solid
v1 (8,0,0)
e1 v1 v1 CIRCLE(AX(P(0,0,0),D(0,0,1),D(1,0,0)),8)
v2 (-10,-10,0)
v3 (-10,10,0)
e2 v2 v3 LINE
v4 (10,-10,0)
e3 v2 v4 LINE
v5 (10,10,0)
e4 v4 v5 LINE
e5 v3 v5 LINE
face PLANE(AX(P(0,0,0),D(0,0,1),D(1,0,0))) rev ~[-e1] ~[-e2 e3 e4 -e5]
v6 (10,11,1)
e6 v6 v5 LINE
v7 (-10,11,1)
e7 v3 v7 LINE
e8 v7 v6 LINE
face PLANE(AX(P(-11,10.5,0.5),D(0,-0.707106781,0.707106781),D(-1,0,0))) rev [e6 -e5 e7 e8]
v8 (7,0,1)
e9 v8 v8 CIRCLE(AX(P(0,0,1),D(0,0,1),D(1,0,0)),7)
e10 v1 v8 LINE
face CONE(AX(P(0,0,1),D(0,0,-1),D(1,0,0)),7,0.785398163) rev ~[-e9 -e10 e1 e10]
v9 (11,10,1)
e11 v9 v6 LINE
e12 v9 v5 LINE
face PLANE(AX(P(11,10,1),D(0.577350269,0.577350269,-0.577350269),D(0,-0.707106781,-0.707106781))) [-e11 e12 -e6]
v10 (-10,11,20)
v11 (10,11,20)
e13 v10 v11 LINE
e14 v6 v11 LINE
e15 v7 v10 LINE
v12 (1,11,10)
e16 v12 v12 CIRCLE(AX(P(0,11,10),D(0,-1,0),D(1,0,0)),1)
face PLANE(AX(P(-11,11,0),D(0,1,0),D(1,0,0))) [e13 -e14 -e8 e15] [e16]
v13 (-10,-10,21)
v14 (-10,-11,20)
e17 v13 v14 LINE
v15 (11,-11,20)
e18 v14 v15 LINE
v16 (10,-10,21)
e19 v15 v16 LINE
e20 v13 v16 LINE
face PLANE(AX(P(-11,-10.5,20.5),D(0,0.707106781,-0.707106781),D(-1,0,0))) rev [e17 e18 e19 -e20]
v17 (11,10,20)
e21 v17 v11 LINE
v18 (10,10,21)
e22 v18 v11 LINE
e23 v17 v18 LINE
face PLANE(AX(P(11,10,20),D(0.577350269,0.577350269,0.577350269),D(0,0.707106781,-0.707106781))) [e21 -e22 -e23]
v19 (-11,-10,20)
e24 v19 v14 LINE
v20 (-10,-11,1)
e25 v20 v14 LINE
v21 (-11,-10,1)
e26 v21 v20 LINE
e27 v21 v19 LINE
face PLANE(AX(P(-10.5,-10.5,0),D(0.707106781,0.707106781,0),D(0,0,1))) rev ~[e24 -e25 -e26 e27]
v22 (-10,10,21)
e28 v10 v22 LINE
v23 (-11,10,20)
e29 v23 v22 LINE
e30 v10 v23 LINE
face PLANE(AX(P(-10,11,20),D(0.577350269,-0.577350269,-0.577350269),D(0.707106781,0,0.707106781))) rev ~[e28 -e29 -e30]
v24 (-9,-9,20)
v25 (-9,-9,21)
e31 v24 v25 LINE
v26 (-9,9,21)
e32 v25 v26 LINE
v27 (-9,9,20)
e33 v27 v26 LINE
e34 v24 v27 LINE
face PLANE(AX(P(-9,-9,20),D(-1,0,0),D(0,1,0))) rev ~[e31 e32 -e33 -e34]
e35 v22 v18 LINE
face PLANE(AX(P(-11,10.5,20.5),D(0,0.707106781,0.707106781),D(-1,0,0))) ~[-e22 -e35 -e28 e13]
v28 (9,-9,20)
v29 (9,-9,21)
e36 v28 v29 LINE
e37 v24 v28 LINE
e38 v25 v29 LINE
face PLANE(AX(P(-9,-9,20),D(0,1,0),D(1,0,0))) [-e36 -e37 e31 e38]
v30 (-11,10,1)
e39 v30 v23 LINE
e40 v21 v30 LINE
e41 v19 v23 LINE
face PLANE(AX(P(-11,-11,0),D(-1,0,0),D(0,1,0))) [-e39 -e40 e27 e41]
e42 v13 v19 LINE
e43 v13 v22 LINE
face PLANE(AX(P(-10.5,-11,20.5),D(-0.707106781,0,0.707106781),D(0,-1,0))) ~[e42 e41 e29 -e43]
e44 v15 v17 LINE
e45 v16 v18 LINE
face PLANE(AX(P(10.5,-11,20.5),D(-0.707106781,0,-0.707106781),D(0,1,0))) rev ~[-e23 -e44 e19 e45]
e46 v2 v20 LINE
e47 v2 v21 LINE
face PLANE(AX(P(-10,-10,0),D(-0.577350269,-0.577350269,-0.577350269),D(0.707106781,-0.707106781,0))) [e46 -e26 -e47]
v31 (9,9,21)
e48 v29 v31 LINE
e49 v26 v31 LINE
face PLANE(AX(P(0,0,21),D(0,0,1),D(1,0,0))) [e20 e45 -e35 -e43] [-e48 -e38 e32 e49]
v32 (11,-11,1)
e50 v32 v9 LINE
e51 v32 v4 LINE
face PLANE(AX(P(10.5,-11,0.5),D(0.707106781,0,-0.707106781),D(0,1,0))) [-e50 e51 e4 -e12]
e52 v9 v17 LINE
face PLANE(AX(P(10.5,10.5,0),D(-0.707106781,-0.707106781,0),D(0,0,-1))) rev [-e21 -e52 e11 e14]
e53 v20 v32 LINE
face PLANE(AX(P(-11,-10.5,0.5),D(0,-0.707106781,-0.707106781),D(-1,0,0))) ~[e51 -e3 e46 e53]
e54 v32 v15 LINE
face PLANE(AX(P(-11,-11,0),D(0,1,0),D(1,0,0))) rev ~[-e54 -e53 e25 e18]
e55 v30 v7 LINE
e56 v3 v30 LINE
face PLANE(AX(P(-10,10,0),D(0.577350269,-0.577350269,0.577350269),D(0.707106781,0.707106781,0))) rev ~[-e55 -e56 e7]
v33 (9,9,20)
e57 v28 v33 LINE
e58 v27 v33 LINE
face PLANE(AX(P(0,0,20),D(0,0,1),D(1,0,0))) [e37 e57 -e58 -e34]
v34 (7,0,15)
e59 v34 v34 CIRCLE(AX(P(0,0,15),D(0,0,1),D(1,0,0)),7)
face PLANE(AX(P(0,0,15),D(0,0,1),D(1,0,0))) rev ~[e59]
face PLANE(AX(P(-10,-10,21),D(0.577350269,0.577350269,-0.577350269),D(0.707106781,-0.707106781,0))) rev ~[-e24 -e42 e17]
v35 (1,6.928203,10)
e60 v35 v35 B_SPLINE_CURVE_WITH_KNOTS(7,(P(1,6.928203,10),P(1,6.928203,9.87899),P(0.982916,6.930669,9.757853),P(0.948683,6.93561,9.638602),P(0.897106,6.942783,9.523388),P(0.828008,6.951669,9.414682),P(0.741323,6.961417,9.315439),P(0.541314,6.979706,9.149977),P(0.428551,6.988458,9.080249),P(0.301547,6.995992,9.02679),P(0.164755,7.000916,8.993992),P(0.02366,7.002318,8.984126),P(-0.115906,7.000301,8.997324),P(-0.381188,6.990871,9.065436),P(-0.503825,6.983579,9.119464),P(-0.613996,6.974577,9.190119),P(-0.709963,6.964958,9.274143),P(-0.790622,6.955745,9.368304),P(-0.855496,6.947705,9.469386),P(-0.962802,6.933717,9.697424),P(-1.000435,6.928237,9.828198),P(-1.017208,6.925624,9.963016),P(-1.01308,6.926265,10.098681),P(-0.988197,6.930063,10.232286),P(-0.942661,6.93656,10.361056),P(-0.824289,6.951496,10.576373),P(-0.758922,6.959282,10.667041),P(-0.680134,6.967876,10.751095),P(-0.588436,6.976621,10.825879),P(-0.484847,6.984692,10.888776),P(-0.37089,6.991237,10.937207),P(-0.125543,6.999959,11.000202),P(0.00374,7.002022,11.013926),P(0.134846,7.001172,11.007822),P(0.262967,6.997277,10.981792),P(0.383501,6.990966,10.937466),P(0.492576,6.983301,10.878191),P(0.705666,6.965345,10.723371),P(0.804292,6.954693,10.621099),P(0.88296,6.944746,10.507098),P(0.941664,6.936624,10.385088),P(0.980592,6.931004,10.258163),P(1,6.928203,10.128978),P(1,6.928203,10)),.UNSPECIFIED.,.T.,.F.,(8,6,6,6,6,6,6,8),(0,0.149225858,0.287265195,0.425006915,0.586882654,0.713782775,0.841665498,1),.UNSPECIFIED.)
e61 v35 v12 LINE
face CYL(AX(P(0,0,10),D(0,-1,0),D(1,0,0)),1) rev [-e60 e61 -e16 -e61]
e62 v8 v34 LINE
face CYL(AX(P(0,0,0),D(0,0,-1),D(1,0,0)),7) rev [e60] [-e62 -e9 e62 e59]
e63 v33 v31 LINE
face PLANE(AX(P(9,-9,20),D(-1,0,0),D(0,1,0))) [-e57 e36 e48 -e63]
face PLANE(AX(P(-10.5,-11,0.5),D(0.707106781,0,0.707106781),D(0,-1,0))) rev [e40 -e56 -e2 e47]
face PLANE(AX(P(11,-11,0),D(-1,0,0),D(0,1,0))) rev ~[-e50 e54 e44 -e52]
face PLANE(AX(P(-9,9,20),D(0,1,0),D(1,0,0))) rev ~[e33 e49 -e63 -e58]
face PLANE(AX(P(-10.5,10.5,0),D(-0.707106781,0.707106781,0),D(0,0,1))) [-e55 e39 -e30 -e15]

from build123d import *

# Parameters (mm, degrees)
CYLINDER007_R     = 1
CYLINDER007_DEPTH = 28
CYLINDER006_R     = 7
CYLINDER006_DEPTH = 15
BOX007_W          = 18
BOX007_H          = 18
BOX007_DEPTH      = 1
BOX006_W          = 22
BOX006_H          = 22
BOX006_DEPTH      = 21
CHAMFER001_SIZE   = 1


with BuildPart() as cylinder007:
    # Cylinder007 → Cylinder007 (new body)
    with BuildSketch(Plane(origin=(0, 0, 10), x_dir=(1, 0, 0), z_dir=(0, 1, 0))):
        Circle(CYLINDER007_R)
    extrude(amount=CYLINDER007_DEPTH)


with BuildPart() as cylinder006:
    # Cylinder006 → Cylinder006 (new body)
    with BuildSketch(Plane.XY):
        Circle(CYLINDER006_R)
    extrude(amount=CYLINDER006_DEPTH)


with BuildPart() as cube007:
    # Box007 → Box007 (new body)
    with BuildSketch(Plane(origin=(2, 2, 20), x_dir=(1, 0, 0), z_dir=(0, 0, 1))):
        with Locations((9, 9)):
            Rectangle(BOX007_W, BOX007_H)
    extrude(amount=BOX007_DEPTH)


with BuildPart() as chamfer001:
    # Box006 → Box006 (new body)
    with BuildSketch(Plane.XY):
        with Locations((11, 11)):
            Rectangle(BOX006_W, BOX006_H)
    extrude(amount=BOX006_DEPTH)

    # Cut004: cut Cube007
    add(cube007.part, mode=Mode.SUBTRACT)


with BuildPart() as chamfer001_1:
    # Cut004 placement: moved
    add(chamfer001.part.moved(Location((-11, -11, 0))))

    # Cut005: cut Cylinder006
    add(cylinder006.part, mode=Mode.SUBTRACT)

    # Cut006: cut Cylinder007
    add(cylinder007.part, mode=Mode.SUBTRACT)

    # Chamfer001
    chamfer001_edges = [chamfer001_1.edges().sort_by_distance(p)[0] for p in [
        (-11, -11, 10.5),
        (-11, 0, 21),
        (-11, 11, 10.5),
        (-11, 0, 0),
        (0, -11, 0),
        (0, -11, 21),
        (0, 11, 21),
        (11, 0, 21),
        (0, 11, 0),
        (11, 11, 10.5),
        (11, 0, 0),
        (-7, 0, 0),
    ]]
    chamfer(chamfer001_edges, length=CHAMFER001_SIZE)


solid = chamfer001_1.part
